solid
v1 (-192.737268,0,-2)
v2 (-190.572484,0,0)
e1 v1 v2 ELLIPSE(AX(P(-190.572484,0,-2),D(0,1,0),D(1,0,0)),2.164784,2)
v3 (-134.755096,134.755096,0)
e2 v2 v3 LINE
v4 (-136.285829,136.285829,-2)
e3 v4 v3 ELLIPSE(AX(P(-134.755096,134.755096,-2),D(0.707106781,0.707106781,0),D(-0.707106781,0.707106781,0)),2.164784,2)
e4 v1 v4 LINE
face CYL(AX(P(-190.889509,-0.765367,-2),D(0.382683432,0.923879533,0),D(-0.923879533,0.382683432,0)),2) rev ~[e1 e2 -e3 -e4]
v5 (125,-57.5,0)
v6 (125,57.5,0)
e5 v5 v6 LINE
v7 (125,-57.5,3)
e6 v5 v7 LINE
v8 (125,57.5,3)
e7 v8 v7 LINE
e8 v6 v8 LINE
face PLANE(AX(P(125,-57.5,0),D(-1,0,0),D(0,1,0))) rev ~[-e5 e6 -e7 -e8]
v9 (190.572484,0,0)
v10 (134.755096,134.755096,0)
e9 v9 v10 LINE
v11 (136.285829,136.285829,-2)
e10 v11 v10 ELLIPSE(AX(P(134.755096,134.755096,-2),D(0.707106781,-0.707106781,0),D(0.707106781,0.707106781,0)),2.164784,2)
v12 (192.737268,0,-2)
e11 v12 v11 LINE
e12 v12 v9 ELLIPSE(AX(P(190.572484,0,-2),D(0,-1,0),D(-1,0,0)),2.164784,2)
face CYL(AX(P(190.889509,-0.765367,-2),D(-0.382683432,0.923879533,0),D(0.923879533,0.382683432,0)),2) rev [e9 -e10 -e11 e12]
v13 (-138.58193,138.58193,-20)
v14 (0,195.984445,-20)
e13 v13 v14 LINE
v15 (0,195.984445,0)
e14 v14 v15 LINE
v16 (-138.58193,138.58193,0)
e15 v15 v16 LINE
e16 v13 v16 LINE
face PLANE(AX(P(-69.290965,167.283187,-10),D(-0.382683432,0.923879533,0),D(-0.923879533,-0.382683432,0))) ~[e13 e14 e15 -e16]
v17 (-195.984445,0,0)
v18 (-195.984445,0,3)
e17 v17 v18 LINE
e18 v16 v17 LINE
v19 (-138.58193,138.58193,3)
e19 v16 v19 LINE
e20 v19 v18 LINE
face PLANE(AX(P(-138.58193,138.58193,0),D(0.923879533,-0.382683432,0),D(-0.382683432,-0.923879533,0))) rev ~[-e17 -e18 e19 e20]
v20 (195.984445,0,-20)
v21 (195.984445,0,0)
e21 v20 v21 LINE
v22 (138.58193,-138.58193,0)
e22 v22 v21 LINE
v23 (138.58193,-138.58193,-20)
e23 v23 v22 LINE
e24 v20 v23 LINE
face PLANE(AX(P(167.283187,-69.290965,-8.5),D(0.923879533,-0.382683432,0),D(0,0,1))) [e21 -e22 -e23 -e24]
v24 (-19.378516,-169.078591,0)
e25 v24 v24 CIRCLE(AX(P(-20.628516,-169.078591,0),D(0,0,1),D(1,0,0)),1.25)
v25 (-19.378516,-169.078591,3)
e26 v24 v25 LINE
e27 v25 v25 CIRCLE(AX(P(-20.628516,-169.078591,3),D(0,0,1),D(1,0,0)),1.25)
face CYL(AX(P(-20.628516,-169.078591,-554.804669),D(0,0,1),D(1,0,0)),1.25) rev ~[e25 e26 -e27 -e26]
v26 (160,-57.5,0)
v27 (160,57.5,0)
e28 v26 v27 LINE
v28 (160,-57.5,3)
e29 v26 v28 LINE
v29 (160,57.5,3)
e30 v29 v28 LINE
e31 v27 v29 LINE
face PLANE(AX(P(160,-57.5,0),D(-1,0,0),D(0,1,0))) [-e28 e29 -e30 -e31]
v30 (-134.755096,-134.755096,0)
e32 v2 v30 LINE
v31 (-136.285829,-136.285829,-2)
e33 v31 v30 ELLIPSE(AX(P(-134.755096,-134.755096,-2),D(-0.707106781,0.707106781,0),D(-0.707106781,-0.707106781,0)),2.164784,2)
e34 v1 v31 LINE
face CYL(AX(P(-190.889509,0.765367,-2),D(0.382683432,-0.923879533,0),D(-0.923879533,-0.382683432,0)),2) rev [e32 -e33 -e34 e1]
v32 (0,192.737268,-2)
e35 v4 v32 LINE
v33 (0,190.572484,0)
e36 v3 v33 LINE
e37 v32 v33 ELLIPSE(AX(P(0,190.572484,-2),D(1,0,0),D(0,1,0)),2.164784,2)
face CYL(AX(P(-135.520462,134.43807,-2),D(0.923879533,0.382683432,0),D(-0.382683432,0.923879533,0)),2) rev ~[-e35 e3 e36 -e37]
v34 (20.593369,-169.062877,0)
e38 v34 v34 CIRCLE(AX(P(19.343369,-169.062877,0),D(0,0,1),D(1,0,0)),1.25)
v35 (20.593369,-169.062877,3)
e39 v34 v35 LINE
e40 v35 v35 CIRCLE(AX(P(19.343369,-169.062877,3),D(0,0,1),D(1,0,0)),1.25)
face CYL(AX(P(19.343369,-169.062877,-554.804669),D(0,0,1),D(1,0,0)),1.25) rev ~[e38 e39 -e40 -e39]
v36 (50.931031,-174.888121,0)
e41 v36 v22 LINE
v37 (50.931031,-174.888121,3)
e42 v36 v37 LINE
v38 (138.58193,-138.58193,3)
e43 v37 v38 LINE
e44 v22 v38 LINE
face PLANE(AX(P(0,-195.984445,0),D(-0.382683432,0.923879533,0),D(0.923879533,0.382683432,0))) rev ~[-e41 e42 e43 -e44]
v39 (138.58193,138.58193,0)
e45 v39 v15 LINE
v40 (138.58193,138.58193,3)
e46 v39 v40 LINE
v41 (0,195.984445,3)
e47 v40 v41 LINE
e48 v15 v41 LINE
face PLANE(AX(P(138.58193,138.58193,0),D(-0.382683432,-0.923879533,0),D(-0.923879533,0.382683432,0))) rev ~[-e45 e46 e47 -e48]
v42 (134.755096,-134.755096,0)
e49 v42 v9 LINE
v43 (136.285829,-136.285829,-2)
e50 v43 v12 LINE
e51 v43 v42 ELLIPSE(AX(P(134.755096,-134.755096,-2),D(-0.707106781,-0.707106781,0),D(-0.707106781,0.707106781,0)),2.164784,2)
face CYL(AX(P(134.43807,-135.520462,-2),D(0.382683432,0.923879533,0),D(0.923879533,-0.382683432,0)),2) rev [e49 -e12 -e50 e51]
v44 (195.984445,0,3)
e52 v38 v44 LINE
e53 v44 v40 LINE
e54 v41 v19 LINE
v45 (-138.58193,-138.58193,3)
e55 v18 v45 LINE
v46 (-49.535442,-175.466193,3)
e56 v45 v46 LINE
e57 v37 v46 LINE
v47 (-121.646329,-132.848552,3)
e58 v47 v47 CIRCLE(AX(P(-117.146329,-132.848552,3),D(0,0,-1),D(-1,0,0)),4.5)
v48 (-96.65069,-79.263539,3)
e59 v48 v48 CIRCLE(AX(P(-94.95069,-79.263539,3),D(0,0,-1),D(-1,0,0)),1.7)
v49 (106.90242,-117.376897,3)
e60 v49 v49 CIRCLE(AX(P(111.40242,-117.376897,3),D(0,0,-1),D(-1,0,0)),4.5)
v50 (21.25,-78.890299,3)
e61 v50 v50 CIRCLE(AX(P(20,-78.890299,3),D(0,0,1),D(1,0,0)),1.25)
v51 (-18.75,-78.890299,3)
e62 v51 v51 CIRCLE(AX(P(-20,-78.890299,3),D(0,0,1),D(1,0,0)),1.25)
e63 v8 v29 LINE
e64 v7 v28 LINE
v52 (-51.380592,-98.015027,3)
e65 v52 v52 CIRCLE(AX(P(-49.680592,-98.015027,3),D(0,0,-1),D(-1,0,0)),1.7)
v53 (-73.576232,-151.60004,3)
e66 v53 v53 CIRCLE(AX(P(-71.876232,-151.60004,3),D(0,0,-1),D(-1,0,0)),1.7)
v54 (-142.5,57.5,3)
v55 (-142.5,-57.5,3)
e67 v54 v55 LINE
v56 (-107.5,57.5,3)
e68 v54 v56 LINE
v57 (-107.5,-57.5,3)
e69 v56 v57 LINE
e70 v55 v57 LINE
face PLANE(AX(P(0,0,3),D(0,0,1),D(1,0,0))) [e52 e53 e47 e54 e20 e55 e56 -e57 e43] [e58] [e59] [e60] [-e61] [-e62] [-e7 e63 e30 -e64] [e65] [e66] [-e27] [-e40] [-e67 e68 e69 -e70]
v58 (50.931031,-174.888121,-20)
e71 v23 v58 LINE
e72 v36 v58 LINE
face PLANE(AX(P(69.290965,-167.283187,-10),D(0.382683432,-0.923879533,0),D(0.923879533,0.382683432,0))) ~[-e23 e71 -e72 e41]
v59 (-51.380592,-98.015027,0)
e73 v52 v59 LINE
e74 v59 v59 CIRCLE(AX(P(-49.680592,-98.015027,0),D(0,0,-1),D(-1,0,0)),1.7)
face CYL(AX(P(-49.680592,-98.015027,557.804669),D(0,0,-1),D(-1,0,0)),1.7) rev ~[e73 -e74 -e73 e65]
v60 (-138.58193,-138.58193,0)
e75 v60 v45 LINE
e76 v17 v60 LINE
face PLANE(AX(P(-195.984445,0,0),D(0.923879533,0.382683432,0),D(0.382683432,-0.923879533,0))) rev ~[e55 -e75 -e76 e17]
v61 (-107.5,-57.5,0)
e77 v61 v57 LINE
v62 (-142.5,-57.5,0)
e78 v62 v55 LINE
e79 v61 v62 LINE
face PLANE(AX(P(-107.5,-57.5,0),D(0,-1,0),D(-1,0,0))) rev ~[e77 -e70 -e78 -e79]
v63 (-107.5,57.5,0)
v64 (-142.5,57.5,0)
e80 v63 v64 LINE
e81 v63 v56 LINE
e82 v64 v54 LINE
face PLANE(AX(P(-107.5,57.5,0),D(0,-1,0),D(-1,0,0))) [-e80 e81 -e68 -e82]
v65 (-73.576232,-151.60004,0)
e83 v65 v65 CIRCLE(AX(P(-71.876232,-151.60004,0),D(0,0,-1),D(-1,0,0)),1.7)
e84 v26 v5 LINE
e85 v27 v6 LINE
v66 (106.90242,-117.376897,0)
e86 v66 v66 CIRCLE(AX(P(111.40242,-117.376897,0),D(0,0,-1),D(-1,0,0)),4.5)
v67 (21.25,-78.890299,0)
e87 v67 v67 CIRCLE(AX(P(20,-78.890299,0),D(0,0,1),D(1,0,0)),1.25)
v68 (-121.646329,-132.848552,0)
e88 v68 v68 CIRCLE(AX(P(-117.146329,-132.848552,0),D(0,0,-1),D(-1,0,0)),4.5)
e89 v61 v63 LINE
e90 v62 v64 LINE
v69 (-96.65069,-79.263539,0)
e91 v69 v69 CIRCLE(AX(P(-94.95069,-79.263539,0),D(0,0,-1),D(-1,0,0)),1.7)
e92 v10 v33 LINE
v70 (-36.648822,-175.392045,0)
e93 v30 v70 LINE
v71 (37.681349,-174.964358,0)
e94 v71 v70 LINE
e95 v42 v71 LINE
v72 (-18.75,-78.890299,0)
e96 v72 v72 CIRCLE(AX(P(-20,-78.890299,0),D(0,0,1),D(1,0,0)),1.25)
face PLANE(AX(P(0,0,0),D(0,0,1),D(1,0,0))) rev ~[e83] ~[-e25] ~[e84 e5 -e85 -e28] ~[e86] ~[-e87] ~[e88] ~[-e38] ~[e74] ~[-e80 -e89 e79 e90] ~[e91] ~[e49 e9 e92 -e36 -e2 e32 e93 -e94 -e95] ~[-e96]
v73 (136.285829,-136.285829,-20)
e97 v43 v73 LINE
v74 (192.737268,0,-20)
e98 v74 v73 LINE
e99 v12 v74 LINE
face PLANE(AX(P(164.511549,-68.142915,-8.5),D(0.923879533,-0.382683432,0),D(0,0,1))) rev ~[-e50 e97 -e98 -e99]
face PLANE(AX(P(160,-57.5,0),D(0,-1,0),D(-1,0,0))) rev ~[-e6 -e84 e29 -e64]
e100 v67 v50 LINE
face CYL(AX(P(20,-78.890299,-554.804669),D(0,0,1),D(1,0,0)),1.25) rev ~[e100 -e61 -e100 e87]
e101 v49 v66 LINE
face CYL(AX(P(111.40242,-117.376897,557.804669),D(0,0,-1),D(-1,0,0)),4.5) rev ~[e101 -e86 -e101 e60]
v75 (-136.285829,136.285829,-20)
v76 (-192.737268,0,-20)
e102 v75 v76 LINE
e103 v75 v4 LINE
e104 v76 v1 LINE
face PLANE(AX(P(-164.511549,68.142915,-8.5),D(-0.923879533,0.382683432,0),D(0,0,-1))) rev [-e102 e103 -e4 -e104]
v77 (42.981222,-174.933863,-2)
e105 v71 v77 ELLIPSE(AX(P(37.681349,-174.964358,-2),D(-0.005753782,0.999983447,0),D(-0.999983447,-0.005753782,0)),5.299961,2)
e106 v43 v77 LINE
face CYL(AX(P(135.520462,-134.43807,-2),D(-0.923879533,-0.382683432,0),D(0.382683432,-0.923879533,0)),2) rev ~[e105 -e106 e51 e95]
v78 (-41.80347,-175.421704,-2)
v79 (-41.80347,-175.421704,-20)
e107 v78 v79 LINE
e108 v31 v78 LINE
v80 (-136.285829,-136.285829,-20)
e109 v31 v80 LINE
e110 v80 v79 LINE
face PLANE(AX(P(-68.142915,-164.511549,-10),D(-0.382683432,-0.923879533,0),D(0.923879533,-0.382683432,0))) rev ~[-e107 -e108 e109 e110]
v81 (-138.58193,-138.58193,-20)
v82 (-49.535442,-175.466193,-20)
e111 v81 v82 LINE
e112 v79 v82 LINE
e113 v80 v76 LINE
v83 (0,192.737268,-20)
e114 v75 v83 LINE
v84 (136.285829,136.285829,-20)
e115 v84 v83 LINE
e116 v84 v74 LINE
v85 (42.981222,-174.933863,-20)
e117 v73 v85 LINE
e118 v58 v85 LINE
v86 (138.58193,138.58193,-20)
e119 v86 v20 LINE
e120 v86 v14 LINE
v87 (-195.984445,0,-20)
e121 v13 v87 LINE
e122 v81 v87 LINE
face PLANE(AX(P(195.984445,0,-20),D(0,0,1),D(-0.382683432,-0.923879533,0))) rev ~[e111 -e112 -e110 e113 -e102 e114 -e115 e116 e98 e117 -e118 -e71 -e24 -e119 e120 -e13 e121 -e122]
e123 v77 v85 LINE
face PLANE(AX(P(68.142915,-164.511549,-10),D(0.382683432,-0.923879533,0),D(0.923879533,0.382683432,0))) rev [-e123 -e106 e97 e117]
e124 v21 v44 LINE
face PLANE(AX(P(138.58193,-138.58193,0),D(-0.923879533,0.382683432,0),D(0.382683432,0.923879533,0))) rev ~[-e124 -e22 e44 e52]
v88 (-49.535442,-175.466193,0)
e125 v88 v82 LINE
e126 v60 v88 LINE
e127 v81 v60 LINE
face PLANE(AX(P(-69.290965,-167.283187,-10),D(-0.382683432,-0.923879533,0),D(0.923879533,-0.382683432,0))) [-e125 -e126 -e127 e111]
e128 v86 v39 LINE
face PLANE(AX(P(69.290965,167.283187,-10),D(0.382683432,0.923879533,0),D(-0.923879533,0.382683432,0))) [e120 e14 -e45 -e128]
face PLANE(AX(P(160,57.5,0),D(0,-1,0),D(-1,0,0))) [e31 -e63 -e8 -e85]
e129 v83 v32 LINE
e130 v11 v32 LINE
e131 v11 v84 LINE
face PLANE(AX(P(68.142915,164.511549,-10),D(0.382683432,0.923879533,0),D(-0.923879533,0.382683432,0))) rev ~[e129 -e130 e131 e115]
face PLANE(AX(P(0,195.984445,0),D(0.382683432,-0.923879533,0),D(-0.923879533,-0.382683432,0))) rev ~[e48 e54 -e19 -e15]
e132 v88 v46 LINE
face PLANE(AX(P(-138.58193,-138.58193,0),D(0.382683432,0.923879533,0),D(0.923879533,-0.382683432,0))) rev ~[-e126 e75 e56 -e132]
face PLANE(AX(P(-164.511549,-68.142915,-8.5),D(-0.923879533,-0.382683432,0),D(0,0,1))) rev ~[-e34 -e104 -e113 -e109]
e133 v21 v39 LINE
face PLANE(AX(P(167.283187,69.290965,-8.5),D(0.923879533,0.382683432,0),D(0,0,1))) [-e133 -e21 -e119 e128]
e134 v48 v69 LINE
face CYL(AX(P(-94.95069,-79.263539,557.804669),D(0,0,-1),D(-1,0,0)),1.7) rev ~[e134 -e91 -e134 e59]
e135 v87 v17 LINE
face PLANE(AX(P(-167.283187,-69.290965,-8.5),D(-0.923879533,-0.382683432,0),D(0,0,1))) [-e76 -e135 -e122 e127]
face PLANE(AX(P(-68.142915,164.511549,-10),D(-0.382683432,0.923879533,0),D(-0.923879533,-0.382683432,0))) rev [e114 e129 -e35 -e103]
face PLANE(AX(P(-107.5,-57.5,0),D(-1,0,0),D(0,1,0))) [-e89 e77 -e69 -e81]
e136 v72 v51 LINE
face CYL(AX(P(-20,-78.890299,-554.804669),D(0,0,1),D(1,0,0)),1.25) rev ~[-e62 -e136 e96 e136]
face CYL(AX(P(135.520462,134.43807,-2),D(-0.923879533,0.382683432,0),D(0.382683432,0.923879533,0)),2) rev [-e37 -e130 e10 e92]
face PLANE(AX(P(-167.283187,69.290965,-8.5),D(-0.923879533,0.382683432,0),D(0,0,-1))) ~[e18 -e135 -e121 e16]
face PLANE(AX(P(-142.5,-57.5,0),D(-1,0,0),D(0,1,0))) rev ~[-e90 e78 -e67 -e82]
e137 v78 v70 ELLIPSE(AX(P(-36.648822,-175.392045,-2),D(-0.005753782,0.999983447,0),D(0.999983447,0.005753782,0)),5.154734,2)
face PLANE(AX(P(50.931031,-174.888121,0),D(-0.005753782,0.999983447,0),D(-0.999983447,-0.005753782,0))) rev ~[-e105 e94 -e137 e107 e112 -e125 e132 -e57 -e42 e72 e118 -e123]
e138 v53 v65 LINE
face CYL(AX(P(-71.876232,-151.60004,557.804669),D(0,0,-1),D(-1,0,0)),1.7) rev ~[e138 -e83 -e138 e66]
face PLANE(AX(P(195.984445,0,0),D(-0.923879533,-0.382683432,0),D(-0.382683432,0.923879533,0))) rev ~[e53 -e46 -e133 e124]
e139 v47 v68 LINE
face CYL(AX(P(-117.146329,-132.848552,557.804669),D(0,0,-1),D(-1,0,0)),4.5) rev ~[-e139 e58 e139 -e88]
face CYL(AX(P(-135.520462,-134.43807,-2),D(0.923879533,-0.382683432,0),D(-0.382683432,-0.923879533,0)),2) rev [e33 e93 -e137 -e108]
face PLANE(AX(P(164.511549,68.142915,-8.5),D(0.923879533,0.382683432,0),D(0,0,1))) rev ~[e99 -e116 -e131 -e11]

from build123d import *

# Parameters (mm, degrees)
BOSS_EXTRUDE1_DEPTH     = 3
SKETCH5_W               = 150
SKETCH5_H               = 20
BOSS_EXTRUDE2_DEPTH     = 3
MIRROR2_COPY_1_SKETCH_W = 150
MIRROR2_COPY_1_SKETCH_H = 20
MIRROR2_COPY_1_DEPTH    = 3
SKETCH6_W               = 23
SKETCH6_H               = 150
BOSS_EXTRUDE3_DEPTH     = 3
MIRROR4_COPY_1_SKETCH_W = 23
MIRROR4_COPY_1_SKETCH_H = 150
MIRROR4_COPY_1_DEPTH    = 3
MIRROR4_COPY_2_SKETCH_W = 23
MIRROR4_COPY_2_SKETCH_H = 150
MIRROR4_COPY_2_DEPTH    = 3
FILLET1_R               = 2
SKETCH4_W               = 35
SKETCH4_H               = 115
CUT_EXTRUDE1_DEPTH      = 10
TAP_DRILL_FOR_M3_TAP2_D = 2.5
TAP_DRILL_FOR_M3_TAP3_D = 2.5
M3_CLEARANCE_HOLE1_D    = 3.4
M8_CLEARANCE_HOLE1_D    = 9
CUT_EXTRUDE2_DEPTH      = 20
CUT_EXTRUDE2_DEPTH_BACK = 3


with BuildPart() as part:
    # Sketch1 → Boss-Extrude1 (new body)
    with BuildSketch(Plane.XY):
        Polygon((0, 195.984444731), (-138.581929877, 138.581929877), (-195.984444731, 0), (-138.581929877, -138.581929877), (0, -195.984444731), (138.581929877, -138.581929877), (195.984444731, 0), (138.581929877, 138.581929877), align=None)
    boss_extrude1 = extrude(amount=BOSS_EXTRUDE1_DEPTH)

    # Sketch5 → Boss-Extrude2 (add)
    with BuildSketch(Plane(origin=(-69.290964938, -167.283187304, 0), x_dir=(0.923879533, -0.382683432, 0), z_dir=(-0.382683432, -0.923879533, 0))):
        with Locations((0, -10)):
            Rectangle(SKETCH5_W, SKETCH5_H)
    boss_extrude2 = extrude(amount=-BOSS_EXTRUDE2_DEPTH)

    # Mirror1: Boss-Extrude2 across plane
    add(boss_extrude2.mirror(Plane.ZX))

    # Mirror2: Boss-Extrude2 across plane
    add(boss_extrude2.mirror(Plane(origin=(0, 0, 0), x_dir=(0, 0, 1), z_dir=(1, 0, 0))))

    # Mirror2 copy 1 sketch → Mirror2 copy 1 (add)
    with BuildSketch(Plane(origin=(69.290964938, 167.283187304, 0), x_dir=(-0.923879533, 0.382683432, 0), z_dir=(0.382683432, 0.923879533, 0))):
        with Locations((0, -10)):
            Rectangle(MIRROR2_COPY_1_SKETCH_W, MIRROR2_COPY_1_SKETCH_H)
    extrude(amount=-MIRROR2_COPY_1_DEPTH)

    # Sketch6 → Boss-Extrude3 (add)
    with BuildSketch(Plane(origin=(-167.283187304, -69.290964938, 0), x_dir=(0, 0, 1), z_dir=(-0.923879533, -0.382683432, 0))):
        with Locations((-8.5, 0)):
            Rectangle(SKETCH6_W, SKETCH6_H)
    boss_extrude3 = extrude(amount=-BOSS_EXTRUDE3_DEPTH)

    # Mirror3: Boss-Extrude3 across plane
    add(boss_extrude3.mirror(Plane.ZX))

    # Mirror4: Boss-Extrude1 across plane
    add(boss_extrude1.mirror(Plane(origin=(0, 0, 0), x_dir=(0, 0, 1), z_dir=(1, 0, 0))))

    # Mirror4 copy 1 sketch → Mirror4 copy 1 (add)
    with BuildSketch(Plane(origin=(167.283187304, 69.290964938, 0), x_dir=(0, 0, 1), z_dir=(0.923879533, 0.382683432, 0))):
        with Locations((-8.5, 0)):
            Rectangle(MIRROR4_COPY_1_SKETCH_W, MIRROR4_COPY_1_SKETCH_H)
    extrude(amount=-MIRROR4_COPY_1_DEPTH)

    # Mirror4 copy 2 sketch → Mirror4 copy 2 (add)
    with BuildSketch(Plane(origin=(167.283187304, -69.290964938, 0), x_dir=(0, 0, 1), z_dir=(0.923879533, -0.382683432, 0))):
        with Locations((-8.5, 0)):
            Rectangle(MIRROR4_COPY_2_SKETCH_W, MIRROR4_COPY_2_SKETCH_H)
    extrude(amount=-MIRROR4_COPY_2_DEPTH)

    # Fillet1
    fillet1_edges = [part.edges().sort_by_distance(p)[0] for p in [
        (-164.511548707, -68.142914641, 0),
        (-164.511548707, 68.142914641, 0),
        (164.511548707, 68.142914641, 0),
        (164.511548707, -68.142914641, 0),
        (-68.142914641, 164.511548707, 0),
        (68.142914641, 164.511548707, 0),
        (-68.142914641, -164.511548707, 0),
        (68.142914641, -164.511548707, 0),
    ]]
    fillet(fillet1_edges, radius=FILLET1_R)

    # Sketch4 → Cut-Extrude1 (cut)
    with BuildSketch(Plane(origin=(0, 0, 0), x_dir=(-1, 0, 0), z_dir=(0, 0, -1))):
        with Locations((-142.5, 0)):
            Rectangle(SKETCH4_W, SKETCH4_H)
        with Locations((125, 0)):
            Rectangle(SKETCH4_W, SKETCH4_H)
    extrude(amount=-CUT_EXTRUDE1_DEPTH, mode=Mode.SUBTRACT)

    # Tap Drill for M3 Tap2 (through all)
    with Locations(Plane(origin=(0, 0, 0), x_dir=(-1, 0, 0), z_dir=(0, 0, -1))):
        with Locations((-19.343368816, -169.062877249), (20.628515923, -169.078590597)):
            Hole(TAP_DRILL_FOR_M3_TAP2_D / 2)

    # Tap Drill for M3 Tap3 (through all)
    with Locations(Plane(origin=(0, 0, 0), x_dir=(-1, 0, 0), z_dir=(0, 0, -1))):
        with Locations((-20, -78.890298866), (20, -78.890298866)):
            Hole(TAP_DRILL_FOR_M3_TAP3_D / 2)

    # M3 Clearance Hole1 (through all)
    with Locations(Plane.XY.offset(3)):
        with Locations((-49.680592478, -98.01502722), (-71.876231555, -151.600040105), (-117.146328648, -132.848551919), (-94.950689571, -79.263539034)):
            Hole(M3_CLEARANCE_HOLE1_D / 2)

    # M8 Clearance Hole1 (through all)
    with Locations(Plane.XY.offset(3)):
        with Locations((111.402419859, -117.376896871), (-117.146328648, -132.848551919)):
            Hole(M8_CLEARANCE_HOLE1_D / 2)

    # Sketch21 → Cut-Extrude2 (cut, two sides)
    with BuildSketch(Plane(origin=(0, 0, 0), x_dir=(-1, 0, 0), z_dir=(0, 0, -1))) as cut_extrude2_sk:
        Polygon((0, -195.984444731), (-50.931031111, -174.8881209), (49.535442442, -175.466192654), align=None)
    extrude(amount=CUT_EXTRUDE2_DEPTH, mode=Mode.SUBTRACT)
    extrude(cut_extrude2_sk.sketch, amount=-CUT_EXTRUDE2_DEPTH_BACK, mode=Mode.SUBTRACT)


solid = part.part
